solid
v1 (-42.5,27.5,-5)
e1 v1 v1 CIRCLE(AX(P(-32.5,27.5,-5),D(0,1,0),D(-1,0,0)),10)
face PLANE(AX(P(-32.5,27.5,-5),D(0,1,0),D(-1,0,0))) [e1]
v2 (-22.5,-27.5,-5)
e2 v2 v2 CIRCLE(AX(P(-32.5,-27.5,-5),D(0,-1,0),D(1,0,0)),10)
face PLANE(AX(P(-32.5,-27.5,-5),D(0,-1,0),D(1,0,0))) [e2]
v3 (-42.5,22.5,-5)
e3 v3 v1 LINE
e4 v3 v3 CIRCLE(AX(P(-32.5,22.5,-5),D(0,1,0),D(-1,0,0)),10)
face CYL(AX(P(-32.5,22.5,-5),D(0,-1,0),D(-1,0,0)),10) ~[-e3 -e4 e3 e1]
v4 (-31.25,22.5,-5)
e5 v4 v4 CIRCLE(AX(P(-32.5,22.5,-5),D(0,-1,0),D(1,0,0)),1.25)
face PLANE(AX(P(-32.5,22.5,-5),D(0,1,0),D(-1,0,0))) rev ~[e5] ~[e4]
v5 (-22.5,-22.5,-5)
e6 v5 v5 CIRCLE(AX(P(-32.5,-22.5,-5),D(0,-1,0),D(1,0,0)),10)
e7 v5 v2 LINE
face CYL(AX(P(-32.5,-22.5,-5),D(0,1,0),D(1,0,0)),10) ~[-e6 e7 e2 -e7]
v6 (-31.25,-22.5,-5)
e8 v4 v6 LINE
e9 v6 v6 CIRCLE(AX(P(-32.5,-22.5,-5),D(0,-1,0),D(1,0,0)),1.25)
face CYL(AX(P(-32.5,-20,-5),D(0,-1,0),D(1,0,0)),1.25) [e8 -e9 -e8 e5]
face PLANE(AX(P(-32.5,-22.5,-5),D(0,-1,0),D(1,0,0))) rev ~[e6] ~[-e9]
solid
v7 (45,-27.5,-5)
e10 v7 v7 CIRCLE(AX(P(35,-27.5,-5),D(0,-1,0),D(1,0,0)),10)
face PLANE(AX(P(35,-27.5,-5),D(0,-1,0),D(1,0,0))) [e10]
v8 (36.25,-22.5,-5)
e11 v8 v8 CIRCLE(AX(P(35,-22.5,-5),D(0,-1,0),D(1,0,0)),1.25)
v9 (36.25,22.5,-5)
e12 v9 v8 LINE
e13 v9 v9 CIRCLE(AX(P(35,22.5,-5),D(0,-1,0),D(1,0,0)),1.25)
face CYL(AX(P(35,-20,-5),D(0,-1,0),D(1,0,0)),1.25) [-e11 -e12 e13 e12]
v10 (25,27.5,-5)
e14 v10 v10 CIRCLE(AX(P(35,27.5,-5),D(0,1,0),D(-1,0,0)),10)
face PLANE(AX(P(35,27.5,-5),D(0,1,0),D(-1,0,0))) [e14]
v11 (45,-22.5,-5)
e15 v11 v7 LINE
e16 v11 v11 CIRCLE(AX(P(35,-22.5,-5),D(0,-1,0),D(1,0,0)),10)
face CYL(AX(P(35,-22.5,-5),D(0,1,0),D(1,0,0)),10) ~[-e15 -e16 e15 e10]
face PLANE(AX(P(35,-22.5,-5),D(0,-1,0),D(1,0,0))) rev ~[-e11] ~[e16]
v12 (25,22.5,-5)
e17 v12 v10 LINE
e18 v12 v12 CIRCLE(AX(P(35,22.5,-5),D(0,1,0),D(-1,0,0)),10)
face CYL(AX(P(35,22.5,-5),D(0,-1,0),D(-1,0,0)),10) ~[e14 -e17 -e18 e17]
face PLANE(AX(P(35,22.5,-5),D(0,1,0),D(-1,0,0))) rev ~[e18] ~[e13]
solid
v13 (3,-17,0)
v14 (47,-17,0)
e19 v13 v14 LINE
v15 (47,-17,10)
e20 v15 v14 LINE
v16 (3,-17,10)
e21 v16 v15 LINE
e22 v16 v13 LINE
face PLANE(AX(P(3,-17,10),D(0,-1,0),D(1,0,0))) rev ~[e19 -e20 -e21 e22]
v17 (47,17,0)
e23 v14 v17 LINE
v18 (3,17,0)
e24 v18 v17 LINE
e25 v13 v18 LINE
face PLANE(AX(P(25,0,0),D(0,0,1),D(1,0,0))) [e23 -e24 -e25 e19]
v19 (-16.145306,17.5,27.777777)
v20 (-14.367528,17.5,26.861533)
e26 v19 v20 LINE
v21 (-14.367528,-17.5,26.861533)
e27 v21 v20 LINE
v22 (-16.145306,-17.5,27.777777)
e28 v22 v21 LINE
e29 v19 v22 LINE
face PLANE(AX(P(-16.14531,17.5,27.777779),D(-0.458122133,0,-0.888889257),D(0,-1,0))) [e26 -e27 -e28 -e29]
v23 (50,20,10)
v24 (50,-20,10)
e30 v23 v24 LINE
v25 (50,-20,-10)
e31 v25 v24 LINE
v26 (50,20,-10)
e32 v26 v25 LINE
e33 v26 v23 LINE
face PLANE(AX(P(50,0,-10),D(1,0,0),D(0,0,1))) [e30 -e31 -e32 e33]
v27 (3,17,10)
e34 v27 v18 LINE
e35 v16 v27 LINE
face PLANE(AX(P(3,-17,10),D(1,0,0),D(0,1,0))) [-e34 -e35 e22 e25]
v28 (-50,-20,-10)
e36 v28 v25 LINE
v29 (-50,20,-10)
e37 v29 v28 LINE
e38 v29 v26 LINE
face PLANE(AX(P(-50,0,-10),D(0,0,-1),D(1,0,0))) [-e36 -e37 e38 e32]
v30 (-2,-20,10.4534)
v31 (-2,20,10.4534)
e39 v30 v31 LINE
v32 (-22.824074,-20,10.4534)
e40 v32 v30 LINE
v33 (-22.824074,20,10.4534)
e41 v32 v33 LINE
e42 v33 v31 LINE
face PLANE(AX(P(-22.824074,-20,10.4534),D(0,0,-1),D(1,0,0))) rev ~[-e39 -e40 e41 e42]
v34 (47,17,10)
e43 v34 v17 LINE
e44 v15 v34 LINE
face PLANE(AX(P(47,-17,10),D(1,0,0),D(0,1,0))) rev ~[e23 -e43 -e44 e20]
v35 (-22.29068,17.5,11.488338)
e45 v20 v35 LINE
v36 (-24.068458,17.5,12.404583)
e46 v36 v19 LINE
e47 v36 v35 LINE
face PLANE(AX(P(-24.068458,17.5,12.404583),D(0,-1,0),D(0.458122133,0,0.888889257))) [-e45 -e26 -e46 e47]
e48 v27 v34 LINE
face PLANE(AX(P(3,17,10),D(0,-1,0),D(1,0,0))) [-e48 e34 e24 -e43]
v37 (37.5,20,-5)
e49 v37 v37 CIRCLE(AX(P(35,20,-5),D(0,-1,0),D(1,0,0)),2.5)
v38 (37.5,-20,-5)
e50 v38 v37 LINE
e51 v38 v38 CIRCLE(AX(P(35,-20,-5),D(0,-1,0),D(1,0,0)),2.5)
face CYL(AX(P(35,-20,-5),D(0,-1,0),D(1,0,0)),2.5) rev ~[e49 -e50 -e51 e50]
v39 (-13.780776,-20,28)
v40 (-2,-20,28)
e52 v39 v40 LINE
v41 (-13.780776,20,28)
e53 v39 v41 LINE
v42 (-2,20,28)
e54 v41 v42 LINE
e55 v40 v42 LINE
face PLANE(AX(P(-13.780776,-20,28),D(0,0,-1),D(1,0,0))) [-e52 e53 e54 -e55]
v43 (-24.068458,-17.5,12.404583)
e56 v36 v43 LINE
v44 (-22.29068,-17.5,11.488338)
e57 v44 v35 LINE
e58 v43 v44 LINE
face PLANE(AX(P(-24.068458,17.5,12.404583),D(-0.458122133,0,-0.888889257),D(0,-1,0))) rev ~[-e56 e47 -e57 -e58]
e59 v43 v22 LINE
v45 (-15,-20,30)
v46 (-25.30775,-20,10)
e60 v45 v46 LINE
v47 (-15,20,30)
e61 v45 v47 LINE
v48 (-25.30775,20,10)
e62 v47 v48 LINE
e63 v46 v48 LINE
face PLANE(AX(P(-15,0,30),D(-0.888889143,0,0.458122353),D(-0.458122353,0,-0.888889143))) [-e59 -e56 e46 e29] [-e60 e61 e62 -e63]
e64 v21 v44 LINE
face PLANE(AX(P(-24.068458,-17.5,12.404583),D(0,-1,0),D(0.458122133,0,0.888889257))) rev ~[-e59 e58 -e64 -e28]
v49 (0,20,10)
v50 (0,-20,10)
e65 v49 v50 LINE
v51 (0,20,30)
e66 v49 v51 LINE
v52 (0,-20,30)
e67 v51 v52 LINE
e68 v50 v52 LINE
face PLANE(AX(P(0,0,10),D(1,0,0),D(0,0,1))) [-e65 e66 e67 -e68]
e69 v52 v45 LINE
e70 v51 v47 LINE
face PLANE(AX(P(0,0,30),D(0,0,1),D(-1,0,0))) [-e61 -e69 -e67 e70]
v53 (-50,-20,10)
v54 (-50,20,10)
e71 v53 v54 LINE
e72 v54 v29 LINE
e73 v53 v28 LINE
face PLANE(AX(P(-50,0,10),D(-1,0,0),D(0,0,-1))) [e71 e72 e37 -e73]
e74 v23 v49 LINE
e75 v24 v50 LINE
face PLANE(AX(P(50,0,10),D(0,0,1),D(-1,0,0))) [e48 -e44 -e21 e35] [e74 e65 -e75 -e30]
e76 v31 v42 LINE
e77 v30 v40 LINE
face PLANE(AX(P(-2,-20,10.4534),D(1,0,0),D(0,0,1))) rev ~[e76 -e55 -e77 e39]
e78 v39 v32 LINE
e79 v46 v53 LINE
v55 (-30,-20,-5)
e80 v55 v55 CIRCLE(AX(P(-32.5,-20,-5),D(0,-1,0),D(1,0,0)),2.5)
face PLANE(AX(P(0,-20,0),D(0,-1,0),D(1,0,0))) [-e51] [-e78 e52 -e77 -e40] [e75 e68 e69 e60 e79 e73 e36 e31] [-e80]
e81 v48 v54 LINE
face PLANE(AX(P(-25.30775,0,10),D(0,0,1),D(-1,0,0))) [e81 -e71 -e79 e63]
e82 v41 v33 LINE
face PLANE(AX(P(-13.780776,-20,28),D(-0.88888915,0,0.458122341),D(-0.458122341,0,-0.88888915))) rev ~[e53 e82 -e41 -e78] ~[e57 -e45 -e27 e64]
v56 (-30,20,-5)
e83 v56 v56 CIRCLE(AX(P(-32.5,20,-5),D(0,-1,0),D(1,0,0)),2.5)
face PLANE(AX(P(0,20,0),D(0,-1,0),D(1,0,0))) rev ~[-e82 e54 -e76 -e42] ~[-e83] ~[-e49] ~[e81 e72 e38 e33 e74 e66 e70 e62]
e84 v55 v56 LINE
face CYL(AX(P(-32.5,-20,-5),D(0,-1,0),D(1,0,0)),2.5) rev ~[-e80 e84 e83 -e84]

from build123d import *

# Parameters (mm, degrees)
F0_R       = 2.5
F1_DEPTH   = 20
F2_R       = 2.5
F3_DEPTH   = 40.001
F4_W       = 44
F4_H       = 34
F5_DEPTH   = 10
F6_R       = 1.25
F8_DEPTH   = 42.5
F7_R       = 1.25
F9_DEPTH   = 2.5
F10_R      = 1.25
F11_DEPTH  = 42.5
F11_FACE_R = 1.25
F12_DEPTH  = 2.5
F16_R      = 10
F17_DEPTH  = 5
F14_R      = 10
F18_DEPTH  = 5
F13_R      = 10
F19_DEPTH  = 5
F15_R      = 10
F20_DEPTH  = 5
F21_W      = 35
F21_H      = 17.294839
F22_DEPTH  = 2.8
F23_W      = 11.780776
F23_H      = 17.5466
F24_DEPTH  = 50.6


with BuildPart() as f1:
    # F0 (on Front) → F1 (new body, symmetric)
    with BuildSketch(Plane.XZ):
        Polygon((-25.30775, 10), (-50, 10), (-50, -10), (50, -10), (50, 10), (0, 10), align=None)
        with Locations((-35, -5)):
            Circle(F0_R, mode=Mode.SUBTRACT)
        with Locations((35, -5)):
            Circle(F0_R, mode=Mode.SUBTRACT)
        Polygon((-15, 30), (-25.30775, 10), (0, 10), (0, 30), align=None)
        with Locations((-35, -5)):
            Circle(F0_R)
        with Locations((35, -5)):
            Circle(F0_R)
    extrude(amount=F1_DEPTH, both=True)

    # F2 (on face) → F3 (cut, through all)
    with BuildSketch(Plane.XZ.offset(20)):
        with Locations((-32.5, -5)):
            Circle(F2_R)
        with Locations((35, -5)):
            Circle(F2_R)
    extrude(amount=-F3_DEPTH, mode=Mode.SUBTRACT)

    # F4 (on face) → F5 (cut)
    with BuildSketch(Plane.XY.offset(10)):
        with Locations((25, 0)):
            Rectangle(F4_W, F4_H)
    extrude(amount=-F5_DEPTH, mode=Mode.SUBTRACT)

    # F21 (on face) → F22 (cut)
    with BuildSketch(Plane(origin=(-24.068458, 0, 12.404583), x_dir=(0, -1, 0), z_dir=(-0.888889, 0, 0.458122))):
        with Locations((0, 8.647419)):
            Rectangle(F21_W, F21_H)
    extrude(amount=-F22_DEPTH, mode=Mode.SUBTRACT)

    # F23 (on face) → F24 (cut)
    with BuildSketch(Plane.XZ.offset(20)):
        Polygon((-13.780776, 10.4534), (-13.780776, 28), (-22.824074, 10.4534), align=None)
        with Locations((-7.890388, 19.2267)):
            Rectangle(F23_W, F23_H)
    extrude(amount=-F24_DEPTH, mode=Mode.SUBTRACT)


with BuildPart() as f8:
    # F6 (on face) → F8 (new body)
    with BuildSketch(Plane.XZ.offset(20)):
        with Locations((35, -5)):
            Circle(F6_R)
    extrude(amount=-F8_DEPTH)

    # F7 (on face) → F9 (join)
    with BuildSketch(Plane.XZ.offset(20)):
        with Locations((35, -5)):
            Circle(F7_R)
    extrude(amount=F9_DEPTH)

    # F16 (on face) → F17 (join)
    with BuildSketch(Plane(origin=(0, 22.5, 0), x_dir=(-1, 0, 0), z_dir=(0, 1, 0))):
        with Locations((-35, -5)):
            Circle(F16_R)
    extrude(amount=F17_DEPTH)

    # F14 (on face) → F18 (join)
    with BuildSketch(Plane.XZ.offset(22.5)):
        with Locations((35, -5)):
            Circle(F14_R)
    extrude(amount=F18_DEPTH)


with BuildPart() as f11:
    # F10 (on face) → F11 (new body)
    with BuildSketch(Plane.XZ.offset(20)):
        with Locations((-32.5, -5)):
            Circle(F10_R)
    extrude(amount=-F11_DEPTH)

    # F11_face (on face) → F12 (join)
    with BuildSketch(Plane(origin=(-32.5, -20, -5), x_dir=(1, 0, 0), z_dir=(0, -1, 0))):
        Circle(F11_FACE_R)
    extrude(amount=F12_DEPTH)

    # F13 (on face) → F19 (join)
    with BuildSketch(Plane.XZ.offset(22.5)):
        with Locations((-32.5, -5)):
            Circle(F13_R)
    extrude(amount=F19_DEPTH)

    # F15 (on face) → F20 (join)
    with BuildSketch(Plane(origin=(0, 22.5, 0), x_dir=(-1, 0, 0), z_dir=(0, 1, 0))):
        with Locations((32.5, -5)):
            Circle(F15_R)
    extrude(amount=F20_DEPTH)


solid = Compound([f1.part, f8.part, f11.part])
